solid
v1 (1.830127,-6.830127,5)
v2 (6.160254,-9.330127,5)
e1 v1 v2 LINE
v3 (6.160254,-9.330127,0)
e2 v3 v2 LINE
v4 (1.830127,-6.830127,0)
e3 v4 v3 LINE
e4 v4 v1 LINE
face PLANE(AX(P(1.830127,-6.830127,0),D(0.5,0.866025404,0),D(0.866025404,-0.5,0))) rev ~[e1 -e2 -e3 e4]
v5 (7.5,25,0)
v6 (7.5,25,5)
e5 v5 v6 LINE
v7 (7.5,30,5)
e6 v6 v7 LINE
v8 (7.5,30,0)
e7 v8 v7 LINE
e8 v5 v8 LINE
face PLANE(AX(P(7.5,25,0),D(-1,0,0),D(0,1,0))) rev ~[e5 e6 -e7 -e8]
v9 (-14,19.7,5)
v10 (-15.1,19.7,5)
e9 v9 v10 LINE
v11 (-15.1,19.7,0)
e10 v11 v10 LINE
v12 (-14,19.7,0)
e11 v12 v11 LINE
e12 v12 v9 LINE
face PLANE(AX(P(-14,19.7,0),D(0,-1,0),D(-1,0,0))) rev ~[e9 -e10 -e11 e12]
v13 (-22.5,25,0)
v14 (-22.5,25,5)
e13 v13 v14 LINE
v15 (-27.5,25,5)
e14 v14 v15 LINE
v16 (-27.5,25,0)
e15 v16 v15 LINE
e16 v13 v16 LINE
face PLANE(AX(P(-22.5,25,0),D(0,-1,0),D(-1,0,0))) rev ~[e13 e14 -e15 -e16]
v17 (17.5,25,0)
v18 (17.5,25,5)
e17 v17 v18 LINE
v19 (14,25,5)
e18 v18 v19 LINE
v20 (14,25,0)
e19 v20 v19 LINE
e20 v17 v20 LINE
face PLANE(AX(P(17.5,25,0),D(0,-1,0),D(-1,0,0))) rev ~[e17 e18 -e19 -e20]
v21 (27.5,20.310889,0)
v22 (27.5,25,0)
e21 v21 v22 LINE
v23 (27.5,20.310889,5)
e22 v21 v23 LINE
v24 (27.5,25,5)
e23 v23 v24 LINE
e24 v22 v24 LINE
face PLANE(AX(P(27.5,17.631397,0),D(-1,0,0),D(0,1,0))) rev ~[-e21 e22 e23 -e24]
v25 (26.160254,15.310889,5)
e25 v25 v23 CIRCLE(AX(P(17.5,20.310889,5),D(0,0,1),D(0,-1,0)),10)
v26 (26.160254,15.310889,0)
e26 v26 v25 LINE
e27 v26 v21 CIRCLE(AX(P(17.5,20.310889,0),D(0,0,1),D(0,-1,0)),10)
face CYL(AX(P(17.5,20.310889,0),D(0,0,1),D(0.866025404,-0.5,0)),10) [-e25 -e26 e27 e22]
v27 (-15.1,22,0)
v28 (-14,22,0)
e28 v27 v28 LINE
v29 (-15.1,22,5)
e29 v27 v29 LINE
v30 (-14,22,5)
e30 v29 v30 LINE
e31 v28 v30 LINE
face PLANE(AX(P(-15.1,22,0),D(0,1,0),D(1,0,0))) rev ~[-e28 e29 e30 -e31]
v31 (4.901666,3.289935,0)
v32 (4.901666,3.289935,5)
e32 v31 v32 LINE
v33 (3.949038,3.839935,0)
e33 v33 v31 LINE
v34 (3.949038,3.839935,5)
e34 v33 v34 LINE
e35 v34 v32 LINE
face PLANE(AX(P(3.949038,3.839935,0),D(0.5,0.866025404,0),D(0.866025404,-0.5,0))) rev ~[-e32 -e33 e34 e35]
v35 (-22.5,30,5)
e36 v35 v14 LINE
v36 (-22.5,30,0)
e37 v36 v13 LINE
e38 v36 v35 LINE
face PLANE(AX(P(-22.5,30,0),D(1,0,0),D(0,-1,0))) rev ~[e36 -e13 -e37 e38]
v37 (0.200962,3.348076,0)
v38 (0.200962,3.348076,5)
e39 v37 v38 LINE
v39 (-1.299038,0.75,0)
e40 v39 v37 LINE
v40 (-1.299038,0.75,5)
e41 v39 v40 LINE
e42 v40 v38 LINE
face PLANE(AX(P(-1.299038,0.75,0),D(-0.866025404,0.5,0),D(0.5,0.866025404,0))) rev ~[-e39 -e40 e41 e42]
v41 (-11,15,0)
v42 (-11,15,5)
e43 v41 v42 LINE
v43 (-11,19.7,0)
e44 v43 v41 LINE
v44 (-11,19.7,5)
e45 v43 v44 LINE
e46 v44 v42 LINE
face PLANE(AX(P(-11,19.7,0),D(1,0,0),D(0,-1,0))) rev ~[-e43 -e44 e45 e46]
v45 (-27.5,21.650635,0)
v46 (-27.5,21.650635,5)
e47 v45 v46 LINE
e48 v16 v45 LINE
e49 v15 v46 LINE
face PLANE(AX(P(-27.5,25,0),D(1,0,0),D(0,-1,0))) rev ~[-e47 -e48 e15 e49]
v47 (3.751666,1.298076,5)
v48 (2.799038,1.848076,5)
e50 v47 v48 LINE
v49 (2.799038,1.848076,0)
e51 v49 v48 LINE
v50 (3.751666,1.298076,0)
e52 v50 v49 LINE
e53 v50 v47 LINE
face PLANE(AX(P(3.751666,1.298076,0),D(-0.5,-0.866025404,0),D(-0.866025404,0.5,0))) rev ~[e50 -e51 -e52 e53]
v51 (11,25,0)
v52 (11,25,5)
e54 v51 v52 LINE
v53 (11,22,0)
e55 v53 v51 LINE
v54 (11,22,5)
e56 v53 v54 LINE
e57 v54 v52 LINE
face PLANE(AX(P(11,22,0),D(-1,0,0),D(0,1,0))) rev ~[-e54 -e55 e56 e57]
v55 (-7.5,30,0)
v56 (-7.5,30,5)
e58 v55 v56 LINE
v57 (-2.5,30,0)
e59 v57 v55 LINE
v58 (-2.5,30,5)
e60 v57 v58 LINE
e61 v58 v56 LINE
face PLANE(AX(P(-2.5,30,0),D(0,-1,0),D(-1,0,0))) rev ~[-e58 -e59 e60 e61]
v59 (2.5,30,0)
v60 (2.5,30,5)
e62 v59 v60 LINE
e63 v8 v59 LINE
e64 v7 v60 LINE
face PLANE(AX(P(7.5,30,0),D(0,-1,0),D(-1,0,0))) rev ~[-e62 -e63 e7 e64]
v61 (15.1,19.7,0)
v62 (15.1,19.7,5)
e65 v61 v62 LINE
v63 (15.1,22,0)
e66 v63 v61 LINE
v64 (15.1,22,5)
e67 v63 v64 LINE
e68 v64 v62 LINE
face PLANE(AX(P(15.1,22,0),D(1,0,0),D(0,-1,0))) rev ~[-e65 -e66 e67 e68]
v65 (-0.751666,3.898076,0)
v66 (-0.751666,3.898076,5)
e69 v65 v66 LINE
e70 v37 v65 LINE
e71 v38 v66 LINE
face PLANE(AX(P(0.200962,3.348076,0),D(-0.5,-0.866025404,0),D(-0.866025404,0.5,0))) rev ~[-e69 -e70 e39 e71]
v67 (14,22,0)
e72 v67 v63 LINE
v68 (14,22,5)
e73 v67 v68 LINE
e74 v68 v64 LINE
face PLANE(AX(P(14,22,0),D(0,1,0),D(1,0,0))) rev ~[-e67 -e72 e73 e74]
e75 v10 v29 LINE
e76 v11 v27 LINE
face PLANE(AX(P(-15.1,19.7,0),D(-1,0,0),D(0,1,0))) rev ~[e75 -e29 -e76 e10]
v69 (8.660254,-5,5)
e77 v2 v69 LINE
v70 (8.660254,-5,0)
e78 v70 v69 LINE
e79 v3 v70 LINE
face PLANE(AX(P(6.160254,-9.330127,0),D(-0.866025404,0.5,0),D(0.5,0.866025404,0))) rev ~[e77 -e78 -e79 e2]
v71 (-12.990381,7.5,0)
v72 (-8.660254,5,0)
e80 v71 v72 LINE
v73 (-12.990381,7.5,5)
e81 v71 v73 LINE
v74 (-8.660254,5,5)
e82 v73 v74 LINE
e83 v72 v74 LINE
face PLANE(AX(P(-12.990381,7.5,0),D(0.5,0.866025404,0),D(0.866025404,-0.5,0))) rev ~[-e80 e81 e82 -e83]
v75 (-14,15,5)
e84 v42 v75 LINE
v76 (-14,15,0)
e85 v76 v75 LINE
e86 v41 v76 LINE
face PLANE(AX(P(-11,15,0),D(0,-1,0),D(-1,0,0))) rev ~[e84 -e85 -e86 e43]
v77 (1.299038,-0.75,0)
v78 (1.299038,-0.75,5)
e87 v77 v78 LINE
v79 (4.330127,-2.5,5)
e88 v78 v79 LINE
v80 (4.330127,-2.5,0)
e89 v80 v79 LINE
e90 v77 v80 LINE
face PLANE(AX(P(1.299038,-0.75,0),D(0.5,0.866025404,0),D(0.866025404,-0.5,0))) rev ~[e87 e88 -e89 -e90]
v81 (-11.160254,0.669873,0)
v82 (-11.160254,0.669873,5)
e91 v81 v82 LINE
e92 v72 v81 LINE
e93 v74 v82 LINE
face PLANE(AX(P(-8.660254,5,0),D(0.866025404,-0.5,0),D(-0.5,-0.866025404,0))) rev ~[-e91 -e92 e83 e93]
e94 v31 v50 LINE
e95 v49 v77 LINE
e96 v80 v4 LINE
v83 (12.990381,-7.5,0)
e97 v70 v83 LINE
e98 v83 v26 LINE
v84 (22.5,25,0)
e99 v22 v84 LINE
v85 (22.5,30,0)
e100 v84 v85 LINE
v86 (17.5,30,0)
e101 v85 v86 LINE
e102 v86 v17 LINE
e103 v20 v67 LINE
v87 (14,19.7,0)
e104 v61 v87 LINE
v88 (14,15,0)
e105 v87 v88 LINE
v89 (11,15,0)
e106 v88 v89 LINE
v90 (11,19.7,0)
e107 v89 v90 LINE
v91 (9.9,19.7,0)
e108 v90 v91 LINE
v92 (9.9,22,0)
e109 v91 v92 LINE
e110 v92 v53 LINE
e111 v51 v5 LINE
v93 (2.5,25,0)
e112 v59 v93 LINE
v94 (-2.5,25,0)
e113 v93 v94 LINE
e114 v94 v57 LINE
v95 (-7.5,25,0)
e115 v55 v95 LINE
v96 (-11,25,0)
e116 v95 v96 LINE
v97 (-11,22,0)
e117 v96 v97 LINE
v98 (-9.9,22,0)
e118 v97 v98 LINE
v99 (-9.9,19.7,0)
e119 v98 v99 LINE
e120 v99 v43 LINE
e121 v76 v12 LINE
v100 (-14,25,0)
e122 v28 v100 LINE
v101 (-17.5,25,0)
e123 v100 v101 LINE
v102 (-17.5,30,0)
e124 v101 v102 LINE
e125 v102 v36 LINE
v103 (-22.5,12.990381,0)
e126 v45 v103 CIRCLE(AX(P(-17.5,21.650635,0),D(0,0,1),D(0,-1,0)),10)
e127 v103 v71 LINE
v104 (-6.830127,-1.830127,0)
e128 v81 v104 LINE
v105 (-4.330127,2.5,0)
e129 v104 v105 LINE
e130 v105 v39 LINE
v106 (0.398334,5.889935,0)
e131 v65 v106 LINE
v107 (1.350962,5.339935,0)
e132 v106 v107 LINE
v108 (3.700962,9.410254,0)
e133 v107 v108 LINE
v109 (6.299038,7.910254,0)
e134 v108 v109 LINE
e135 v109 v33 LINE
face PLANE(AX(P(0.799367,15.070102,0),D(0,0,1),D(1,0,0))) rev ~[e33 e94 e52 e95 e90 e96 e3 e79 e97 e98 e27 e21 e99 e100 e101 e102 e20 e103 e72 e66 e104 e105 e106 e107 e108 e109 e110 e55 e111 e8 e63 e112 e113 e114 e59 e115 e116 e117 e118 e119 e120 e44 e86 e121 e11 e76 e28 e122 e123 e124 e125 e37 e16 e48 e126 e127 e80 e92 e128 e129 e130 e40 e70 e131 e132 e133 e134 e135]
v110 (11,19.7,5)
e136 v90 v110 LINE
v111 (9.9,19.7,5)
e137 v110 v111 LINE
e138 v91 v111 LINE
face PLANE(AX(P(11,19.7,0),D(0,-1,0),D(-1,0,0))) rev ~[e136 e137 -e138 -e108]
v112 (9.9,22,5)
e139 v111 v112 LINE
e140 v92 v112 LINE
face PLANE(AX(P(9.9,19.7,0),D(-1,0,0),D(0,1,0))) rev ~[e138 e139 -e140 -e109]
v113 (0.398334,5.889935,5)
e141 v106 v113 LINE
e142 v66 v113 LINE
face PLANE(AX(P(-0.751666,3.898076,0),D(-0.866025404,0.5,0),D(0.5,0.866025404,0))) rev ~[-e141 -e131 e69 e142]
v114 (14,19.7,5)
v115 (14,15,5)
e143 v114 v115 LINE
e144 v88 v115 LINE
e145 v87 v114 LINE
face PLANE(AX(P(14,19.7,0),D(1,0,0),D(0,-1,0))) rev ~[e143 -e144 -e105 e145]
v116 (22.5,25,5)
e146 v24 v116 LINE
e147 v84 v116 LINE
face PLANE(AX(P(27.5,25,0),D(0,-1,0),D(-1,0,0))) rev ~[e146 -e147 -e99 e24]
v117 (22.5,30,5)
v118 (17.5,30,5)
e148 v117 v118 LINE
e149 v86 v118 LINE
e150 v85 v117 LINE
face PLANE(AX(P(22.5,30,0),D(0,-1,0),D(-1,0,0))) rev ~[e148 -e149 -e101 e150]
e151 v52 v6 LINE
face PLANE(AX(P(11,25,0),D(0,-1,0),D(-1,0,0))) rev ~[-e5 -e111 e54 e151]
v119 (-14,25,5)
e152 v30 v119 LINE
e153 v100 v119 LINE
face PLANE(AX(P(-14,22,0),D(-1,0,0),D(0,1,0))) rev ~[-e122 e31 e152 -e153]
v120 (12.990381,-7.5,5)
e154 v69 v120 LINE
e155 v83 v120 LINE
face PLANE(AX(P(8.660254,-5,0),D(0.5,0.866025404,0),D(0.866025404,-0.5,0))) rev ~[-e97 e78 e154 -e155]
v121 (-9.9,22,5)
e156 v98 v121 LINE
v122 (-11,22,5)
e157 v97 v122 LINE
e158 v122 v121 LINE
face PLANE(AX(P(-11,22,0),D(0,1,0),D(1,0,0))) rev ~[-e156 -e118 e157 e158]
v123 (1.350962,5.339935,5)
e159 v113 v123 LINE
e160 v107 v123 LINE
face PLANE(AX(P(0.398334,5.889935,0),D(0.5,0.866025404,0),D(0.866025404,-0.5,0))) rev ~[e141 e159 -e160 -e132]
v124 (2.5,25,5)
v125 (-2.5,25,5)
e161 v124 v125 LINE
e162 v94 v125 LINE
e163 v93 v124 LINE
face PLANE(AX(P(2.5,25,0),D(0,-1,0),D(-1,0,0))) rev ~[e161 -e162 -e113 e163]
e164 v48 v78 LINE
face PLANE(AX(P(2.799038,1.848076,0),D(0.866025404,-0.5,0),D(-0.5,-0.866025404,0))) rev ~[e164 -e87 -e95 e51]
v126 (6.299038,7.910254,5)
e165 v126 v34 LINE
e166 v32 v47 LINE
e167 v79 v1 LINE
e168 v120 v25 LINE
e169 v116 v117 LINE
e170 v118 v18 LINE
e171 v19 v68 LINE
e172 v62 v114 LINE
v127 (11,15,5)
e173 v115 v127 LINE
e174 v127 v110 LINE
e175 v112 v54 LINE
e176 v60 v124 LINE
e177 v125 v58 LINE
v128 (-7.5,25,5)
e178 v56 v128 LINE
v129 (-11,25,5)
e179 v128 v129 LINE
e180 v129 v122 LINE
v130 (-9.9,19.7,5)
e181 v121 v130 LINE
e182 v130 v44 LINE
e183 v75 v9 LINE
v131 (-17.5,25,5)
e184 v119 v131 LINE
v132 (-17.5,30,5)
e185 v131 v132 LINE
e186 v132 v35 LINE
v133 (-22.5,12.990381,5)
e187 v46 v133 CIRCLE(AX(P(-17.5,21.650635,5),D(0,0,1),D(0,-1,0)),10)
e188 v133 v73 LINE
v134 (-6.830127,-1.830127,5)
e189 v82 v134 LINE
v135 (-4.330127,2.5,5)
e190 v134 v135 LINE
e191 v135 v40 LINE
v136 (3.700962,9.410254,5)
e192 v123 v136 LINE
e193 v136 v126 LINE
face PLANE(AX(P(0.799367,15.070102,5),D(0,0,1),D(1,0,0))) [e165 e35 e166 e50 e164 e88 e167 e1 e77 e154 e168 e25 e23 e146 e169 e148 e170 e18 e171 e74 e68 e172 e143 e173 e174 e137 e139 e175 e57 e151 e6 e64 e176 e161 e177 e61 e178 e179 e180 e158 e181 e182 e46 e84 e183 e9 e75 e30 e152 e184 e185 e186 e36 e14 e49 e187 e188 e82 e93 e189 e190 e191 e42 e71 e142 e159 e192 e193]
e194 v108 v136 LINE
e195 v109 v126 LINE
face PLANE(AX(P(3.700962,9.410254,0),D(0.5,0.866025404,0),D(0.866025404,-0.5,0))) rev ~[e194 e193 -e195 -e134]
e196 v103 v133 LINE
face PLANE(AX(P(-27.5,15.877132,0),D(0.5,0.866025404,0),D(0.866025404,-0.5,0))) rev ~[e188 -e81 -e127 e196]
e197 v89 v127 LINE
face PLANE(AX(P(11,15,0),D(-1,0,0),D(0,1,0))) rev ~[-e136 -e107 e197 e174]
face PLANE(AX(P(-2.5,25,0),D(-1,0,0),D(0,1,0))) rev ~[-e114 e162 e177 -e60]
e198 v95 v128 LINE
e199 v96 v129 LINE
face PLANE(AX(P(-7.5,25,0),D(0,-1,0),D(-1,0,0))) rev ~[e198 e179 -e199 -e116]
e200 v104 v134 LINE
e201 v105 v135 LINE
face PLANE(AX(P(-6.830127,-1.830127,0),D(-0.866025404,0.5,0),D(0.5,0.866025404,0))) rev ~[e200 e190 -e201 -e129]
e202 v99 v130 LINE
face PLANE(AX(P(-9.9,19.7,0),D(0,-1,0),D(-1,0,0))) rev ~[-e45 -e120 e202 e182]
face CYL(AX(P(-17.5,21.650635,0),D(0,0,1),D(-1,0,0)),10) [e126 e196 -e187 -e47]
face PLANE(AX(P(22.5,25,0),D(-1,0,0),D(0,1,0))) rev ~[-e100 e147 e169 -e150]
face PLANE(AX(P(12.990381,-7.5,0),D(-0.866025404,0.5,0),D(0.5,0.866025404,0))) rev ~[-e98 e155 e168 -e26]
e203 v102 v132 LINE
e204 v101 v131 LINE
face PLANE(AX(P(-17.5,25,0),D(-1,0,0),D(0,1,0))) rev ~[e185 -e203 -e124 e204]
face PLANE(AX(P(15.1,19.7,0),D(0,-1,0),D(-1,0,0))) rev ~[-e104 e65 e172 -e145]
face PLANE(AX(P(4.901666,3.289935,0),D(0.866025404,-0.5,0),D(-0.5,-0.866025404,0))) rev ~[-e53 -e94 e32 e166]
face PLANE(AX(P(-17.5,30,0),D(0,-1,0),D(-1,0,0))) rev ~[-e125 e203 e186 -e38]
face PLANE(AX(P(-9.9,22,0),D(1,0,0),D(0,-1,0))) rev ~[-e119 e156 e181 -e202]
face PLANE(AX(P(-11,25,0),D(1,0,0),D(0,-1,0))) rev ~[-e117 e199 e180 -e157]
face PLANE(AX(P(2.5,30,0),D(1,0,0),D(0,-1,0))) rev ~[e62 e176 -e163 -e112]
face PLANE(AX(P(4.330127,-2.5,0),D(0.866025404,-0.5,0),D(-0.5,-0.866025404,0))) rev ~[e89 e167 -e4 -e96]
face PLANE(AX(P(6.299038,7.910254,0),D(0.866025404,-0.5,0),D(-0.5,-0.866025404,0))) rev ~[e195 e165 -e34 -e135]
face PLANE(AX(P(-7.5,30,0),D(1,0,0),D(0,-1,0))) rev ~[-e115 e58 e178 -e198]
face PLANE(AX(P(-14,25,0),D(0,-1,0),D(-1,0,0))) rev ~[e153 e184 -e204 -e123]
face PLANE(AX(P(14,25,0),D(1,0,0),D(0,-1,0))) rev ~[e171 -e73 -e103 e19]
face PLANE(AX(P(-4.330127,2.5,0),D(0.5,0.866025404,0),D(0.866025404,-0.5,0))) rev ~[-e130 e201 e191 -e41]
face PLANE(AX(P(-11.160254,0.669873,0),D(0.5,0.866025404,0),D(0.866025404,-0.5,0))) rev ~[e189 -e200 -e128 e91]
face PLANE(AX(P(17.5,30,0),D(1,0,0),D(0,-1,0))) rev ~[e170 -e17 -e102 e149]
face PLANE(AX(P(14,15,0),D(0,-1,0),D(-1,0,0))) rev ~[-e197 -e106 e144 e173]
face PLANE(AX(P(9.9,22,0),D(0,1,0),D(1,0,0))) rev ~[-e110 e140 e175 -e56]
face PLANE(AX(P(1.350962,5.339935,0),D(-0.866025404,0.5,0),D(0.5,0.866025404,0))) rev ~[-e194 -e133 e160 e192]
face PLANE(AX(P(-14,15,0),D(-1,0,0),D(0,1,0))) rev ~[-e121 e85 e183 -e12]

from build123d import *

# Parameters (mm, degrees)
BOSS_EXTRU_1_DEPTH = 5
CONG_1_R           = 10


with BuildPart() as part:
    # Esquisse1 → Boss.-Extru.1 (new body)
    with BuildSketch(Plane.XY):
        Polygon((-12.990381057, 7.5), (-8.660254038, 5), (-11.160254038, 0.669872981), (-6.830127019, -1.830127019), (-4.330127019, 2.5), (-1.299038106, 0.75), (0.200961894, 3.348076211), (-0.75166605, 3.898076211), (0.39833395, 5.88993464), (1.350961894, 5.33993464), (3.700961894, 9.410254038), (6.299038106, 7.910254038), (3.949038106, 3.83993464), (4.90166605, 3.28993464), (3.75166605, 1.298076211), (2.799038106, 1.848076211), (1.299038106, -0.75), (4.330127019, -2.5), (1.830127019, -6.830127019), (6.160254038, -9.330127019), (8.660254038, -5), (12.990381057, -7.5), (27.5, 17.631397208), (27.5, 25), (22.5, 25), (22.5, 30), (17.5, 30), (17.5, 25), (14, 25), (14, 22), (15.1, 22), (15.1, 19.7), (14, 19.7), (14, 15), (11, 15), (11, 19.7), (9.9, 19.7), (9.9, 22), (11, 22), (11, 25), (7.5, 25), (7.5, 30), (2.5, 30), (2.5, 25), (-2.5, 25), (-2.5, 30), (-7.5, 30), (-7.5, 25), (-11, 25), (-11, 22), (-9.9, 22), (-9.9, 19.7), (-11, 19.7), (-11, 15), (-14, 15), (-14, 19.7), (-15.1, 19.7), (-15.1, 22), (-14, 22), (-14, 25), (-17.5, 25), (-17.5, 30), (-22.5, 30), (-22.5, 25), (-27.5, 25), (-27.5, 15.877132403), align=None)
    extrude(amount=BOSS_EXTRU_1_DEPTH)

    # Congé1
    cong_1_edges = [part.edges().sort_by_distance(p)[0] for p in [
        (27.5, 17.631397208, 2.5),
        (-27.5, 15.877132403, 2.5),
    ]]
    fillet(cong_1_edges, radius=CONG_1_R)


solid = part.part
